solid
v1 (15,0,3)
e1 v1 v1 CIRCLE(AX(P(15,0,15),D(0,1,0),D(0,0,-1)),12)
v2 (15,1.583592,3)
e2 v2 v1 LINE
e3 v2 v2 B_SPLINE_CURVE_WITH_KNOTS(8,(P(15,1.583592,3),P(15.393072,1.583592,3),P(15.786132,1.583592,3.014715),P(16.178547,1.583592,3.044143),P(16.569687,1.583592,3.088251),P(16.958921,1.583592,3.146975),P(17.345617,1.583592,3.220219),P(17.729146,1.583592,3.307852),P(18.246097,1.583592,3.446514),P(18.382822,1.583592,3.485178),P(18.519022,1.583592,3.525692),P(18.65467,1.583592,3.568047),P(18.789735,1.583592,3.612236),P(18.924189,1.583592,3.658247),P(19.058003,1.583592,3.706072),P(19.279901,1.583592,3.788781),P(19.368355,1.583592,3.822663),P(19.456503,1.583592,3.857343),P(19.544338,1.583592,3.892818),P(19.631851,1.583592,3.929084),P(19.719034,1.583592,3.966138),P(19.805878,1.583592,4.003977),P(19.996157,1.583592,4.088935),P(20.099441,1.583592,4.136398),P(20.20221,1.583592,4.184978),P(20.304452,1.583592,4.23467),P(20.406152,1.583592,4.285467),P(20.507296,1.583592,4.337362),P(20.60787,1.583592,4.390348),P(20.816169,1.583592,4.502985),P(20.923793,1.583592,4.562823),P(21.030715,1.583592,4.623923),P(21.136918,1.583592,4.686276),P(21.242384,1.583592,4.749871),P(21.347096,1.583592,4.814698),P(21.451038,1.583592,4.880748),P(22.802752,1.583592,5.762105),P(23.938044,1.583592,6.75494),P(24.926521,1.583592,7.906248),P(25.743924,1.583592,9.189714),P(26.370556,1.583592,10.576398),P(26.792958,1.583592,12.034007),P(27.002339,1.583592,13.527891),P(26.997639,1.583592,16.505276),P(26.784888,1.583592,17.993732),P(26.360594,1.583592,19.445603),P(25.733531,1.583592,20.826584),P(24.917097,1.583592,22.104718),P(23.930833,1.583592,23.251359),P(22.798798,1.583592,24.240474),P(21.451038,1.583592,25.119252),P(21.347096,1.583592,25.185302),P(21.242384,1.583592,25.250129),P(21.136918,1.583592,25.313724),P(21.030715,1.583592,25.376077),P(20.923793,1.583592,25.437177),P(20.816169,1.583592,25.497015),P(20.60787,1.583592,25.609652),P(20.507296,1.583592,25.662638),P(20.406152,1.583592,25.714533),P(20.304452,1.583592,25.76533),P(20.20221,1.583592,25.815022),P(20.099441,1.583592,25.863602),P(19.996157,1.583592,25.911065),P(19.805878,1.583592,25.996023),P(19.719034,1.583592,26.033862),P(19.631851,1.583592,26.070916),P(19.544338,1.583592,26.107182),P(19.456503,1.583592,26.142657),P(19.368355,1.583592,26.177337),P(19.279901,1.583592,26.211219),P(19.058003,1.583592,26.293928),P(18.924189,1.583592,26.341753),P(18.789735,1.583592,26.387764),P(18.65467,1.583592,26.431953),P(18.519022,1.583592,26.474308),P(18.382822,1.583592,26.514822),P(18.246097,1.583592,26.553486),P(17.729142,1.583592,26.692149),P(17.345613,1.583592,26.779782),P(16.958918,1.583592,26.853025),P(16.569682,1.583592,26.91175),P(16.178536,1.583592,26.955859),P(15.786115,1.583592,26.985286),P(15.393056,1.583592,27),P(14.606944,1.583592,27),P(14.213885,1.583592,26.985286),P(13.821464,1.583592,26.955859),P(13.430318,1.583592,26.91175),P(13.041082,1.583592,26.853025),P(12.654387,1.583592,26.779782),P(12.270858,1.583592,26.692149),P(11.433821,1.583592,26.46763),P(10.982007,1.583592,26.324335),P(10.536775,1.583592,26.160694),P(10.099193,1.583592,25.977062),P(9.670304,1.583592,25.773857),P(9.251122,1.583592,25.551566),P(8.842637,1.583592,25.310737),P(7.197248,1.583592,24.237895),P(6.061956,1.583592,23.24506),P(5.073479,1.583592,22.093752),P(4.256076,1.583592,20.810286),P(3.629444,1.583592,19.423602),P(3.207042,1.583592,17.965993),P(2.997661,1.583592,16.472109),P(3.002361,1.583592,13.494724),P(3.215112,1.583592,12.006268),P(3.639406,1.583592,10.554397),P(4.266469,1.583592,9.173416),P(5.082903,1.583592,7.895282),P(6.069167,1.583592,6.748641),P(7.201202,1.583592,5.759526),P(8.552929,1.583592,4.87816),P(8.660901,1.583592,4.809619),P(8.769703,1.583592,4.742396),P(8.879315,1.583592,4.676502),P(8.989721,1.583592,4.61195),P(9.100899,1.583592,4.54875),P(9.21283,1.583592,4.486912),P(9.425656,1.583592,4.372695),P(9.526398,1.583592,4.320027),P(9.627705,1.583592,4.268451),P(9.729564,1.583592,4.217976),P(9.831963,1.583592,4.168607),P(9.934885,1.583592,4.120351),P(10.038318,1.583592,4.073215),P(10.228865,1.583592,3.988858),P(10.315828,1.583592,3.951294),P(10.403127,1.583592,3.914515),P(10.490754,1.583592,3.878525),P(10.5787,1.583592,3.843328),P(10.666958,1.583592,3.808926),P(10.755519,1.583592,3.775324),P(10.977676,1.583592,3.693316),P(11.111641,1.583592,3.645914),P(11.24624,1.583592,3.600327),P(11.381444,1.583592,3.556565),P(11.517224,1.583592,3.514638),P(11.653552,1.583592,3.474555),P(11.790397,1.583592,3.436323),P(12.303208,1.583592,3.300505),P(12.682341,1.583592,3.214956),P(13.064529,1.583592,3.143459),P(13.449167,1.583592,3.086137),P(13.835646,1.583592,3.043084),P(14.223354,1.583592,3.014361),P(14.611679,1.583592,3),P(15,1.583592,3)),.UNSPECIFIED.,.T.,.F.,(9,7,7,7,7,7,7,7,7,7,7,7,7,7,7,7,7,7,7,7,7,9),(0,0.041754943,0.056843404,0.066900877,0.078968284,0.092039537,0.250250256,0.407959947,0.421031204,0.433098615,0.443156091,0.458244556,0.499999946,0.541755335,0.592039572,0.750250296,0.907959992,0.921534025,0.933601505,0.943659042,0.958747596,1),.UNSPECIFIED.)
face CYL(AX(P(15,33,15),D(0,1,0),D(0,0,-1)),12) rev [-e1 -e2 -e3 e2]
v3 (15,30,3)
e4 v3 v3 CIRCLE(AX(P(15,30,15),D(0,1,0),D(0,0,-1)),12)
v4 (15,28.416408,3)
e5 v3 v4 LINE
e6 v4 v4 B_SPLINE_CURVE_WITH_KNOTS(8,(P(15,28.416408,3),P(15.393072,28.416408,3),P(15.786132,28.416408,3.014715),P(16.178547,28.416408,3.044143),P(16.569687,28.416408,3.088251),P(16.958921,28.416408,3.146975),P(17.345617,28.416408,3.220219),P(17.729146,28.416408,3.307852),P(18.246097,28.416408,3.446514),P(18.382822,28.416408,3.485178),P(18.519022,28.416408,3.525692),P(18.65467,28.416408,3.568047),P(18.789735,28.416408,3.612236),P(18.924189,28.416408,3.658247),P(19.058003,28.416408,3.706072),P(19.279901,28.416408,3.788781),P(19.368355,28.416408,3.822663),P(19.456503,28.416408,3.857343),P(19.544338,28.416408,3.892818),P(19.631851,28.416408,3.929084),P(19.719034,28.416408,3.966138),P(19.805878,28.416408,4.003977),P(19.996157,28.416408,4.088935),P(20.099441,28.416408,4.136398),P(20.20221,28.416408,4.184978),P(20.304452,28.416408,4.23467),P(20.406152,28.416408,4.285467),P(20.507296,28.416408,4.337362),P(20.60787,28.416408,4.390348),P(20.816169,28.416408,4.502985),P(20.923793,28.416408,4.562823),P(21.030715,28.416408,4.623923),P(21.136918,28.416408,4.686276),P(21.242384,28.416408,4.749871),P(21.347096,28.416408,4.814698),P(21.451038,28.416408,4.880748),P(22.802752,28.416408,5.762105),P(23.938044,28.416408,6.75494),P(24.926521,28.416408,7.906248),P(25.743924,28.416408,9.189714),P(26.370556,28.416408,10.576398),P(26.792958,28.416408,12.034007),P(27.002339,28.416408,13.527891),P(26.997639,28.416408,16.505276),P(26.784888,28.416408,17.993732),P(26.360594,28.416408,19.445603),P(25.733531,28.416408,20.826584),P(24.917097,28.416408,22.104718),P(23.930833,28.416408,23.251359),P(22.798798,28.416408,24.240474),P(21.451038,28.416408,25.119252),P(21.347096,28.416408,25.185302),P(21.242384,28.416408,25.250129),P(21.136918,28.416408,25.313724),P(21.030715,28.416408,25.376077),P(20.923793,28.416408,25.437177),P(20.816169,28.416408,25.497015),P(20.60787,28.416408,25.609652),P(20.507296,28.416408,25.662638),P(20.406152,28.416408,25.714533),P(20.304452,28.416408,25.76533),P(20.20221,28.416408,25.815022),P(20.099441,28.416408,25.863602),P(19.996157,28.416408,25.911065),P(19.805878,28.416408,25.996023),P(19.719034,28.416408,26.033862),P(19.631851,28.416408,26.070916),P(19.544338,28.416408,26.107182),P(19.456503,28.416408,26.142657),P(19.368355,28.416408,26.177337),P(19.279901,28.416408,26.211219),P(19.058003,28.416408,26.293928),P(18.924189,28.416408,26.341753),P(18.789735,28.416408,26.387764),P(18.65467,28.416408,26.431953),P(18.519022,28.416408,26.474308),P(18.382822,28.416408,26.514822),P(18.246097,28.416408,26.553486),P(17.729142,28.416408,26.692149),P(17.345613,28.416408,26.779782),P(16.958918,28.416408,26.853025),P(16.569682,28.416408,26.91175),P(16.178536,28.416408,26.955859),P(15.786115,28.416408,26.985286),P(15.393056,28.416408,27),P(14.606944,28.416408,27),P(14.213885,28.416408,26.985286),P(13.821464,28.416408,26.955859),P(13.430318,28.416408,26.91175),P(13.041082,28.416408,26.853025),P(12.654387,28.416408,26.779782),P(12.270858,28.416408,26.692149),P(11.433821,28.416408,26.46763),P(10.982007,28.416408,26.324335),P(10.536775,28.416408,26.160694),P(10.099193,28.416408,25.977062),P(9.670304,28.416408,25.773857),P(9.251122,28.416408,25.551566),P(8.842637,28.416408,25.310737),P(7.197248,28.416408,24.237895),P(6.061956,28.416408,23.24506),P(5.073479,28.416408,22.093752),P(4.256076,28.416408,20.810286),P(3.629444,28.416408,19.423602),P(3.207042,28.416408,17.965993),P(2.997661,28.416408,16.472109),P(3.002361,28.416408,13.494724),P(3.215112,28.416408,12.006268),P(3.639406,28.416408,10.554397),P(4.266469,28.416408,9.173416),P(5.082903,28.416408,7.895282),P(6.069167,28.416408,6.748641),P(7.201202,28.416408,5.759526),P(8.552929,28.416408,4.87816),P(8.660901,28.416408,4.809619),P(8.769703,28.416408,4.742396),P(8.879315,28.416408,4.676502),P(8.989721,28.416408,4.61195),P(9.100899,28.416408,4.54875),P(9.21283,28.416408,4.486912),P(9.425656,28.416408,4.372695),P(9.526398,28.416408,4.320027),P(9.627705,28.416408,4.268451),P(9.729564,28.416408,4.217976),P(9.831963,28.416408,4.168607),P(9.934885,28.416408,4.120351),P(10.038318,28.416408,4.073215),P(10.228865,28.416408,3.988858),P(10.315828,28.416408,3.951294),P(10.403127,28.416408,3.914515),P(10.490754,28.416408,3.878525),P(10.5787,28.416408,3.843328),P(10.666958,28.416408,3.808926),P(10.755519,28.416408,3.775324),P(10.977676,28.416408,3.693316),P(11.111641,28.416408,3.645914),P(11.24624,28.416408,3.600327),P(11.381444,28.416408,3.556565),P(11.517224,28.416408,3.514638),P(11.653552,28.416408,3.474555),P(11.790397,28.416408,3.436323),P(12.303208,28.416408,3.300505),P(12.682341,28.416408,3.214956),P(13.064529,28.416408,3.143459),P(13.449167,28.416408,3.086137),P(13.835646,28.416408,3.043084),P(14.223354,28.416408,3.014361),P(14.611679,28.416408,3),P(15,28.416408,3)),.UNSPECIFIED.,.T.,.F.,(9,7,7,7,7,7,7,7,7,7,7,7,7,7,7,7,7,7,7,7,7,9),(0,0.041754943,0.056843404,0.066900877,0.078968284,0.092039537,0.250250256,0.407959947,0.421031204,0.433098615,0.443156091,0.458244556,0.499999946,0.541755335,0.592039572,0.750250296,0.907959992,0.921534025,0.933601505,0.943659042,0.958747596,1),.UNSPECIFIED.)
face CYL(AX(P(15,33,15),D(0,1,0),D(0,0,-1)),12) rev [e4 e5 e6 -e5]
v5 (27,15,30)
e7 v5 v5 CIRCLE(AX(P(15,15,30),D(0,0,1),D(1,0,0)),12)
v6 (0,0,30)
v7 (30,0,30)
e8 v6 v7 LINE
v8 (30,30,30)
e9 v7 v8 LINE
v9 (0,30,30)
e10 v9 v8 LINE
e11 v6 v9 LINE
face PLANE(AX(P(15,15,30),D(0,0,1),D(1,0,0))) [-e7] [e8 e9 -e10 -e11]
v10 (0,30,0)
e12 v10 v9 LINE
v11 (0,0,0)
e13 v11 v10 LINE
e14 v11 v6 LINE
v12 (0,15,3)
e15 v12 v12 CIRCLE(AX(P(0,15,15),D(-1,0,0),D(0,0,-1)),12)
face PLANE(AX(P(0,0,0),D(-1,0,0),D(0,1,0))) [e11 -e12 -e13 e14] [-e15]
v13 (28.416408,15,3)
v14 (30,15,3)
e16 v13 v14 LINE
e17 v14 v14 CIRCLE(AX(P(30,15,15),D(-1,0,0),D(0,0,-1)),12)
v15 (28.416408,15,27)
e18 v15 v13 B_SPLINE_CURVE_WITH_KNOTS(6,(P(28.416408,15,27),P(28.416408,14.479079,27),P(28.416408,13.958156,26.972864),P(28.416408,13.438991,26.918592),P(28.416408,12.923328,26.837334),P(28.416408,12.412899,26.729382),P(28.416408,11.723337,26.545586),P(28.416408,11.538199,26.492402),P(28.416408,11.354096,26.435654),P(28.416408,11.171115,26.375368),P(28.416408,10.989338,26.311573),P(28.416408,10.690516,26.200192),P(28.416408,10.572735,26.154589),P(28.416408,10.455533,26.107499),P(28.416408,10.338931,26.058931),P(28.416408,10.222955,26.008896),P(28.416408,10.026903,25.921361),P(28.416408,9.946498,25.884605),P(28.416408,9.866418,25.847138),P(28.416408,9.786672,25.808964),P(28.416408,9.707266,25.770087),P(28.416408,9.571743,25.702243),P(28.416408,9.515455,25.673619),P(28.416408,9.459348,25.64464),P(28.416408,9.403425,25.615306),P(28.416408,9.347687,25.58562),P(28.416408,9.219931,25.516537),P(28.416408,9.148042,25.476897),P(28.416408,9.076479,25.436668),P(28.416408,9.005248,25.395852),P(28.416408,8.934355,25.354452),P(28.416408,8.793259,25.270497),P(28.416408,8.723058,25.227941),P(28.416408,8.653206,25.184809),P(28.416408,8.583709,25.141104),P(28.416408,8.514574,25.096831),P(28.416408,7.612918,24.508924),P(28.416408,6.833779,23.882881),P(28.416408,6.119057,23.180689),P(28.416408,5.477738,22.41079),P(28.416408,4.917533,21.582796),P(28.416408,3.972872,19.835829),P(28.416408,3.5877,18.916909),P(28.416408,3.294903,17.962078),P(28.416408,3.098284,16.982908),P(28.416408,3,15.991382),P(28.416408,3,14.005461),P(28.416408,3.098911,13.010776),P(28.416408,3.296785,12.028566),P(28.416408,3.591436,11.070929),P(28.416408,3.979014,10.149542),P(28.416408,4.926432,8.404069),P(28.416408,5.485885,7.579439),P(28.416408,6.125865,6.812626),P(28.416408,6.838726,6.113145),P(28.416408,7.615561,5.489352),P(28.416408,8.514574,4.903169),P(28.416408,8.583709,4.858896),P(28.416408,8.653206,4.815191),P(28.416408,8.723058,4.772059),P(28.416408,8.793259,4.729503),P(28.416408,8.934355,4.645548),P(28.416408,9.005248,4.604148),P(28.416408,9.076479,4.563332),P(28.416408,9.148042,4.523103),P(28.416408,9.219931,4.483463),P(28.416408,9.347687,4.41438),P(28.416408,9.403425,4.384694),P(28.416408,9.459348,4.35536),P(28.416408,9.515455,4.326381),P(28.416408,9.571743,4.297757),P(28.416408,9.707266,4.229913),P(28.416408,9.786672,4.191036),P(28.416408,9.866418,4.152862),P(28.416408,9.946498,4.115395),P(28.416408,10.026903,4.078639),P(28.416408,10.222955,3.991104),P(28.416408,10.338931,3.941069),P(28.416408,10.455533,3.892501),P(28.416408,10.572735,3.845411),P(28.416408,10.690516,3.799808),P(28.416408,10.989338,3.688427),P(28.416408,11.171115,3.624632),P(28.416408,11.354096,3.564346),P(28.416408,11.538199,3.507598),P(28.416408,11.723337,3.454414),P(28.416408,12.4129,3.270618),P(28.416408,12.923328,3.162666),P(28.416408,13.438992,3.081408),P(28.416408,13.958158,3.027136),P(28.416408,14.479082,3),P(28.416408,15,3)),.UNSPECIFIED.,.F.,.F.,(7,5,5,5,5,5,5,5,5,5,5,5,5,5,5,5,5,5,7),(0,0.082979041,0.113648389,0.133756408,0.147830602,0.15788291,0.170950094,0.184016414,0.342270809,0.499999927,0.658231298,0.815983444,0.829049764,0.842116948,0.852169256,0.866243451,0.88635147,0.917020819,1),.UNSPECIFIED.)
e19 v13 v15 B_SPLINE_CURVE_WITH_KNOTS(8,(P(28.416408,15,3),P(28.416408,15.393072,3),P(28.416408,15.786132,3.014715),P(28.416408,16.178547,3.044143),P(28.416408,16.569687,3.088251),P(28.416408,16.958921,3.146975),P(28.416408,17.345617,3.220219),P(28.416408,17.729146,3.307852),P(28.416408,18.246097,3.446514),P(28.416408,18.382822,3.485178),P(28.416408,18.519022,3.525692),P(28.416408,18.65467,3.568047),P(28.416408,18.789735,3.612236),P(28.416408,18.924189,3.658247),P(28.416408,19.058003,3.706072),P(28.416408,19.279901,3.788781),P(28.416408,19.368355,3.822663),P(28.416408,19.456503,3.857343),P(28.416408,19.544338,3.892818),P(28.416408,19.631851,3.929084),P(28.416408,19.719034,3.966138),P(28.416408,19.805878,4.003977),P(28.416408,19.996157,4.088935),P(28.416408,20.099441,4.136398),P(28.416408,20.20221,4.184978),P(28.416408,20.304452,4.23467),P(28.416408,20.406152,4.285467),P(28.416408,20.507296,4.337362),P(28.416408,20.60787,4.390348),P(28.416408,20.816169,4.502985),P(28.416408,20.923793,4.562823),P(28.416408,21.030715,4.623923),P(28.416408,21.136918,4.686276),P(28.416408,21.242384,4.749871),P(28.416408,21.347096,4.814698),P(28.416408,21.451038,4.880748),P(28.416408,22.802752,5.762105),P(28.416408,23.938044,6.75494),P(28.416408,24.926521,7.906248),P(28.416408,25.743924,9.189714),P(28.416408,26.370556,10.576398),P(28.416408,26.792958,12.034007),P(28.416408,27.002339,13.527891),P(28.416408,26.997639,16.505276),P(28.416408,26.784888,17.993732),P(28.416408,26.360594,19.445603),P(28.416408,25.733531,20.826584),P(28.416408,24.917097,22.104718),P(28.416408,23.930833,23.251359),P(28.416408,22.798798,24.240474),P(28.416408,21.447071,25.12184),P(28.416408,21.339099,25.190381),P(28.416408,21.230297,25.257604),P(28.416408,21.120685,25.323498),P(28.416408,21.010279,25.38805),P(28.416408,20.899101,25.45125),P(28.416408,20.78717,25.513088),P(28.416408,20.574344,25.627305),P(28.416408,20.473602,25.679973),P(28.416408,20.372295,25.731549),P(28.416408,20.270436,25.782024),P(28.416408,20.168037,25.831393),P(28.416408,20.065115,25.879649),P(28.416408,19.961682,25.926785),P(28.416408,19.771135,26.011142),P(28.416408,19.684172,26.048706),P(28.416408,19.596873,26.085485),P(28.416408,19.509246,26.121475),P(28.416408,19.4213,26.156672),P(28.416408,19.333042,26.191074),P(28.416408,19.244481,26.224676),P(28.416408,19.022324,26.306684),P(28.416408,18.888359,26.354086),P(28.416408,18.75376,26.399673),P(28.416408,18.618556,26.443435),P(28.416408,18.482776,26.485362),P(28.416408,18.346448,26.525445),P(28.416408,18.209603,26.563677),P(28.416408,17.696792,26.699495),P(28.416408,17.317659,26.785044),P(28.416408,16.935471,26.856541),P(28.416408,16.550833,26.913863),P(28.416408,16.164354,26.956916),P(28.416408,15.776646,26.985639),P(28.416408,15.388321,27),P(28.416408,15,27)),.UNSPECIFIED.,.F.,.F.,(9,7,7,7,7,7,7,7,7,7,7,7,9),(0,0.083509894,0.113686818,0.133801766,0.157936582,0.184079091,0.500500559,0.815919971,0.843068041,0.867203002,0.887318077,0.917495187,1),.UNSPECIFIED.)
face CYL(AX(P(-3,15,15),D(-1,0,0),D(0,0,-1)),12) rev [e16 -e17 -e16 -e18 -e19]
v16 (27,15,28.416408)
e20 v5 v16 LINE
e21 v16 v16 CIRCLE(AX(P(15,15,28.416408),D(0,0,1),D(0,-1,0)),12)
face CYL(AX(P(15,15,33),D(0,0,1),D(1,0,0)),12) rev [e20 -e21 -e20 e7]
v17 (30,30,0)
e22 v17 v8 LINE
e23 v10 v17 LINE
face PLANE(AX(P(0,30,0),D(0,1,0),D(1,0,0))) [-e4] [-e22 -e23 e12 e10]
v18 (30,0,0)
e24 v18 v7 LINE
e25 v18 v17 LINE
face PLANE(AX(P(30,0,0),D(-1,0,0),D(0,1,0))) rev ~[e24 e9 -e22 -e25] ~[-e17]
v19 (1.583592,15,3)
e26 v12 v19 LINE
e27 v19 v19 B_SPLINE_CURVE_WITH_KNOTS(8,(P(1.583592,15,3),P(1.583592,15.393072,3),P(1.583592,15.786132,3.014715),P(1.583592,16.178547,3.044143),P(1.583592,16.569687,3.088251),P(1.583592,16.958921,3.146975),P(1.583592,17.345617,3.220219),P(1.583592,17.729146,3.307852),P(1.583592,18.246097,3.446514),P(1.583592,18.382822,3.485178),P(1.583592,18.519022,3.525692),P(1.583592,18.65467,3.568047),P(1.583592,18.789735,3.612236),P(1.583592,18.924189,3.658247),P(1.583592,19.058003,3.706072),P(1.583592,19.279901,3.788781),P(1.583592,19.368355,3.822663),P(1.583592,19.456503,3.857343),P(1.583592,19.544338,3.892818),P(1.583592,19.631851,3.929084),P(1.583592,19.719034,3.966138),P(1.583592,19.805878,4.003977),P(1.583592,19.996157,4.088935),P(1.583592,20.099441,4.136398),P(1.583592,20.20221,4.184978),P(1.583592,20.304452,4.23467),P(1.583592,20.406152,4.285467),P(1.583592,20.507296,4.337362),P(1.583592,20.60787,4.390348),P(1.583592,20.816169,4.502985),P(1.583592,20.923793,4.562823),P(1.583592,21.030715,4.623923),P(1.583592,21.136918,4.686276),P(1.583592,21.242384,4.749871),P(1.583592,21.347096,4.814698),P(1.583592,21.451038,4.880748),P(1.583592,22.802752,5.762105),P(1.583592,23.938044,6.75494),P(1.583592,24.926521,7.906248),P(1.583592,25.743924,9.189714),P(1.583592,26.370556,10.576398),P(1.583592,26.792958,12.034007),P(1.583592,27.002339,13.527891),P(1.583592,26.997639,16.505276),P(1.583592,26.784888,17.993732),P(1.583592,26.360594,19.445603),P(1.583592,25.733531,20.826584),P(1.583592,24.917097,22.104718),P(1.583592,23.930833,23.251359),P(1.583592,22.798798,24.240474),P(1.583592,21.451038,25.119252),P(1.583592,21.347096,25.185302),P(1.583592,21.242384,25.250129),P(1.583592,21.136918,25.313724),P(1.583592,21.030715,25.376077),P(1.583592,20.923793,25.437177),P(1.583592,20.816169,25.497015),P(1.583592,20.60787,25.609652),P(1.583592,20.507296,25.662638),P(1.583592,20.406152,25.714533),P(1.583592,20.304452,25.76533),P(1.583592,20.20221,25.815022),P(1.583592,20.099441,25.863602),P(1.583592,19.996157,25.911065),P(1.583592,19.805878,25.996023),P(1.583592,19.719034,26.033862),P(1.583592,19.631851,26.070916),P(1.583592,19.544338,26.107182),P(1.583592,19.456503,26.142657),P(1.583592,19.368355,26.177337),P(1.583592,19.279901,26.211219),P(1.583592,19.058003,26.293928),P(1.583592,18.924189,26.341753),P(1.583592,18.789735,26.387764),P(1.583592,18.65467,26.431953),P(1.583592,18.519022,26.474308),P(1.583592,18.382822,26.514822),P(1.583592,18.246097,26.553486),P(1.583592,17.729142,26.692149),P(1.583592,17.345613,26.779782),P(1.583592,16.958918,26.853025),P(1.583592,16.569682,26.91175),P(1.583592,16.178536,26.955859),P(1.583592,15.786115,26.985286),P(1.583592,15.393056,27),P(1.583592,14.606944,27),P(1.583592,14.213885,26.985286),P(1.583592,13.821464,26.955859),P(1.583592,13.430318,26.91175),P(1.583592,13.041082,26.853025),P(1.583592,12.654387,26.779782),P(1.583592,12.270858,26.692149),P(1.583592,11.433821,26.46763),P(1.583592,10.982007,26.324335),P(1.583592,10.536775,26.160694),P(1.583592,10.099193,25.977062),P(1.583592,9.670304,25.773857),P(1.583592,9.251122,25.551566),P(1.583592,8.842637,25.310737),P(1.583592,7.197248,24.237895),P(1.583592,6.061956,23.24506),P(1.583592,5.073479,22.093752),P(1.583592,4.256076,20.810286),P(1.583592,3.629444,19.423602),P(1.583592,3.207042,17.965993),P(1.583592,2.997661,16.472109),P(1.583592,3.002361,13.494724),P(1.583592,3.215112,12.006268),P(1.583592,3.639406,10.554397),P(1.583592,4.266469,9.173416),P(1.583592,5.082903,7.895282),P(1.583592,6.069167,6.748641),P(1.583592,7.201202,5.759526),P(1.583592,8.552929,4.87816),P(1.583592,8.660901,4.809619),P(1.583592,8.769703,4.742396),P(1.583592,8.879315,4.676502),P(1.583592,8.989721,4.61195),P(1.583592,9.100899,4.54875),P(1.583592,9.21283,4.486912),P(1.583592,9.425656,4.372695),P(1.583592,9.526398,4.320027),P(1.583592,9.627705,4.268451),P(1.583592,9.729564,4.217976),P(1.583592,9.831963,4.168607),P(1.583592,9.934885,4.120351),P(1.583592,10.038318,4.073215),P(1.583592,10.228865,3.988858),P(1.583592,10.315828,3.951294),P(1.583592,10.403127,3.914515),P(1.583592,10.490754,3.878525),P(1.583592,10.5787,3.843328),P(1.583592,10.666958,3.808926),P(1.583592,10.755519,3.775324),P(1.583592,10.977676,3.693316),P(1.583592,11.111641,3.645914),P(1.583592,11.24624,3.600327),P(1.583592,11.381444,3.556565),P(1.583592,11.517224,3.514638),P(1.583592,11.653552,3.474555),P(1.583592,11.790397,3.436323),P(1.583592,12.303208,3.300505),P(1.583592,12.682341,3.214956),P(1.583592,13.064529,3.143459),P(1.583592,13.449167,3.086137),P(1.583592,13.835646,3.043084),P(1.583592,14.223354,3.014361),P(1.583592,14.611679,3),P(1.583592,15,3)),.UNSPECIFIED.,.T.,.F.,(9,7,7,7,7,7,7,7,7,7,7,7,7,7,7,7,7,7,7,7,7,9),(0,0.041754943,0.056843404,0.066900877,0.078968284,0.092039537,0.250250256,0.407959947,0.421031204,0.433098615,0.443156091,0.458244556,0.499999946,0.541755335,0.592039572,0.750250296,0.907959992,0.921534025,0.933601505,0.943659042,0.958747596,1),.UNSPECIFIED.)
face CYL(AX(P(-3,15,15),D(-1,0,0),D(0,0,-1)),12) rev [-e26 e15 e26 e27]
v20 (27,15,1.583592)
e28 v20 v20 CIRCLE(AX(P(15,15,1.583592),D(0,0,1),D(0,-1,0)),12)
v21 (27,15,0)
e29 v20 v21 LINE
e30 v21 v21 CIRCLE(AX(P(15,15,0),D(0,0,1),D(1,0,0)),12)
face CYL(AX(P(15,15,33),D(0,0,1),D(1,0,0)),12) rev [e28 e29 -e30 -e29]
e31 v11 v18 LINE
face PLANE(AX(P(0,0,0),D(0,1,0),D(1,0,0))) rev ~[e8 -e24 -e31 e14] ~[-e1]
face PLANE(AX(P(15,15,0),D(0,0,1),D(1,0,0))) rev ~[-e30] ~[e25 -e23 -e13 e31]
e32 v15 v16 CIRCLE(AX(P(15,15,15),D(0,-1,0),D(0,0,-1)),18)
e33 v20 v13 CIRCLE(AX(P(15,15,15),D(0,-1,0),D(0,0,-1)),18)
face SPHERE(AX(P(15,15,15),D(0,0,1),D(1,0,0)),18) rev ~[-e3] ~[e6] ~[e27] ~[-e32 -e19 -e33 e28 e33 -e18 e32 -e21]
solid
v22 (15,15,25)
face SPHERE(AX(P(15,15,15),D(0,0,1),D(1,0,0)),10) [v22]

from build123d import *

# Parameters (mm, degrees)
CYLINDER001_R     = 12
CYLINDER001_DEPTH = 36
CYLINDER002_R     = 12
CYLINDER002_DEPTH = 36
CYLINDER_R        = 12
CYLINDER_DEPTH    = 36
BOX_W             = 30
BOX_H             = 30
BOX_DEPTH         = 30


with BuildPart() as esfera_per_restar:
    # Sphere → Sphere (revolve)
    with BuildSketch(Plane(origin=(15, 15, 15), x_dir=(1, 0, 0), z_dir=(0, -1, 0))):
        with BuildLine():
            ThreePointArc((0, -18), (18, 0), (0, 18))
            Line((0, 18), (0, -18))
        make_face()
    revolve(axis=Axis((15, 15, 15), (0, 0, 1)))


with BuildPart() as cylinder001:
    # Cylinder001 → Cylinder001 (new body)
    with BuildSketch(Plane(origin=(15, 33, 15), x_dir=(0, 0, -1), z_dir=(0, -1, 0))):
        Circle(CYLINDER001_R)
    extrude(amount=CYLINDER001_DEPTH)


with BuildPart() as cylinder002:
    # Cylinder002 → Cylinder002 (new body)
    with BuildSketch(Plane(origin=(15, 15, 33), x_dir=(1, 0, 0), z_dir=(0, 0, -1))):
        Circle(CYLINDER002_R)
    extrude(amount=CYLINDER002_DEPTH)


with BuildPart() as uni_dels_tres_cilindres:
    # Cylinder → Cylinder (new body)
    with BuildSketch(Plane(origin=(-3, 15, 15), x_dir=(0, 0, -1), z_dir=(1, 0, 0))):
        Circle(CYLINDER_R)
    extrude(amount=CYLINDER_DEPTH)

    # Fusion: union Cylinder001, Cylinder002
    add(cylinder001.part)
    add(cylinder002.part)


with BuildPart() as cub_amb_esfera_ja_restada:
    # Box → Box (new body)
    with BuildSketch(Plane.XY):
        with Locations((15, 15)):
            Rectangle(BOX_W, BOX_H)
    extrude(amount=BOX_DEPTH)

    # Cut: cut Unió_dels_tres_cilindres
    add(uni_dels_tres_cilindres.part, mode=Mode.SUBTRACT)

    # Cut001: cut Esfera_per_restar
    add(esfera_per_restar.part, mode=Mode.SUBTRACT)


with BuildPart() as esfera_interior:
    # Sphere001 → Sphere001 (revolve)
    with BuildSketch(Plane(origin=(15, 15, 15), x_dir=(1, 0, 0), z_dir=(0, -1, 0))):
        with BuildLine():
            ThreePointArc((0, -10), (10, 0), (0, 10))
            Line((0, 10), (0, -10))
        make_face()
    revolve(axis=Axis((15, 15, 15), (0, 0, 1)))


solid = Compound([cub_amb_esfera_ja_restada.part, esfera_interior.part])
